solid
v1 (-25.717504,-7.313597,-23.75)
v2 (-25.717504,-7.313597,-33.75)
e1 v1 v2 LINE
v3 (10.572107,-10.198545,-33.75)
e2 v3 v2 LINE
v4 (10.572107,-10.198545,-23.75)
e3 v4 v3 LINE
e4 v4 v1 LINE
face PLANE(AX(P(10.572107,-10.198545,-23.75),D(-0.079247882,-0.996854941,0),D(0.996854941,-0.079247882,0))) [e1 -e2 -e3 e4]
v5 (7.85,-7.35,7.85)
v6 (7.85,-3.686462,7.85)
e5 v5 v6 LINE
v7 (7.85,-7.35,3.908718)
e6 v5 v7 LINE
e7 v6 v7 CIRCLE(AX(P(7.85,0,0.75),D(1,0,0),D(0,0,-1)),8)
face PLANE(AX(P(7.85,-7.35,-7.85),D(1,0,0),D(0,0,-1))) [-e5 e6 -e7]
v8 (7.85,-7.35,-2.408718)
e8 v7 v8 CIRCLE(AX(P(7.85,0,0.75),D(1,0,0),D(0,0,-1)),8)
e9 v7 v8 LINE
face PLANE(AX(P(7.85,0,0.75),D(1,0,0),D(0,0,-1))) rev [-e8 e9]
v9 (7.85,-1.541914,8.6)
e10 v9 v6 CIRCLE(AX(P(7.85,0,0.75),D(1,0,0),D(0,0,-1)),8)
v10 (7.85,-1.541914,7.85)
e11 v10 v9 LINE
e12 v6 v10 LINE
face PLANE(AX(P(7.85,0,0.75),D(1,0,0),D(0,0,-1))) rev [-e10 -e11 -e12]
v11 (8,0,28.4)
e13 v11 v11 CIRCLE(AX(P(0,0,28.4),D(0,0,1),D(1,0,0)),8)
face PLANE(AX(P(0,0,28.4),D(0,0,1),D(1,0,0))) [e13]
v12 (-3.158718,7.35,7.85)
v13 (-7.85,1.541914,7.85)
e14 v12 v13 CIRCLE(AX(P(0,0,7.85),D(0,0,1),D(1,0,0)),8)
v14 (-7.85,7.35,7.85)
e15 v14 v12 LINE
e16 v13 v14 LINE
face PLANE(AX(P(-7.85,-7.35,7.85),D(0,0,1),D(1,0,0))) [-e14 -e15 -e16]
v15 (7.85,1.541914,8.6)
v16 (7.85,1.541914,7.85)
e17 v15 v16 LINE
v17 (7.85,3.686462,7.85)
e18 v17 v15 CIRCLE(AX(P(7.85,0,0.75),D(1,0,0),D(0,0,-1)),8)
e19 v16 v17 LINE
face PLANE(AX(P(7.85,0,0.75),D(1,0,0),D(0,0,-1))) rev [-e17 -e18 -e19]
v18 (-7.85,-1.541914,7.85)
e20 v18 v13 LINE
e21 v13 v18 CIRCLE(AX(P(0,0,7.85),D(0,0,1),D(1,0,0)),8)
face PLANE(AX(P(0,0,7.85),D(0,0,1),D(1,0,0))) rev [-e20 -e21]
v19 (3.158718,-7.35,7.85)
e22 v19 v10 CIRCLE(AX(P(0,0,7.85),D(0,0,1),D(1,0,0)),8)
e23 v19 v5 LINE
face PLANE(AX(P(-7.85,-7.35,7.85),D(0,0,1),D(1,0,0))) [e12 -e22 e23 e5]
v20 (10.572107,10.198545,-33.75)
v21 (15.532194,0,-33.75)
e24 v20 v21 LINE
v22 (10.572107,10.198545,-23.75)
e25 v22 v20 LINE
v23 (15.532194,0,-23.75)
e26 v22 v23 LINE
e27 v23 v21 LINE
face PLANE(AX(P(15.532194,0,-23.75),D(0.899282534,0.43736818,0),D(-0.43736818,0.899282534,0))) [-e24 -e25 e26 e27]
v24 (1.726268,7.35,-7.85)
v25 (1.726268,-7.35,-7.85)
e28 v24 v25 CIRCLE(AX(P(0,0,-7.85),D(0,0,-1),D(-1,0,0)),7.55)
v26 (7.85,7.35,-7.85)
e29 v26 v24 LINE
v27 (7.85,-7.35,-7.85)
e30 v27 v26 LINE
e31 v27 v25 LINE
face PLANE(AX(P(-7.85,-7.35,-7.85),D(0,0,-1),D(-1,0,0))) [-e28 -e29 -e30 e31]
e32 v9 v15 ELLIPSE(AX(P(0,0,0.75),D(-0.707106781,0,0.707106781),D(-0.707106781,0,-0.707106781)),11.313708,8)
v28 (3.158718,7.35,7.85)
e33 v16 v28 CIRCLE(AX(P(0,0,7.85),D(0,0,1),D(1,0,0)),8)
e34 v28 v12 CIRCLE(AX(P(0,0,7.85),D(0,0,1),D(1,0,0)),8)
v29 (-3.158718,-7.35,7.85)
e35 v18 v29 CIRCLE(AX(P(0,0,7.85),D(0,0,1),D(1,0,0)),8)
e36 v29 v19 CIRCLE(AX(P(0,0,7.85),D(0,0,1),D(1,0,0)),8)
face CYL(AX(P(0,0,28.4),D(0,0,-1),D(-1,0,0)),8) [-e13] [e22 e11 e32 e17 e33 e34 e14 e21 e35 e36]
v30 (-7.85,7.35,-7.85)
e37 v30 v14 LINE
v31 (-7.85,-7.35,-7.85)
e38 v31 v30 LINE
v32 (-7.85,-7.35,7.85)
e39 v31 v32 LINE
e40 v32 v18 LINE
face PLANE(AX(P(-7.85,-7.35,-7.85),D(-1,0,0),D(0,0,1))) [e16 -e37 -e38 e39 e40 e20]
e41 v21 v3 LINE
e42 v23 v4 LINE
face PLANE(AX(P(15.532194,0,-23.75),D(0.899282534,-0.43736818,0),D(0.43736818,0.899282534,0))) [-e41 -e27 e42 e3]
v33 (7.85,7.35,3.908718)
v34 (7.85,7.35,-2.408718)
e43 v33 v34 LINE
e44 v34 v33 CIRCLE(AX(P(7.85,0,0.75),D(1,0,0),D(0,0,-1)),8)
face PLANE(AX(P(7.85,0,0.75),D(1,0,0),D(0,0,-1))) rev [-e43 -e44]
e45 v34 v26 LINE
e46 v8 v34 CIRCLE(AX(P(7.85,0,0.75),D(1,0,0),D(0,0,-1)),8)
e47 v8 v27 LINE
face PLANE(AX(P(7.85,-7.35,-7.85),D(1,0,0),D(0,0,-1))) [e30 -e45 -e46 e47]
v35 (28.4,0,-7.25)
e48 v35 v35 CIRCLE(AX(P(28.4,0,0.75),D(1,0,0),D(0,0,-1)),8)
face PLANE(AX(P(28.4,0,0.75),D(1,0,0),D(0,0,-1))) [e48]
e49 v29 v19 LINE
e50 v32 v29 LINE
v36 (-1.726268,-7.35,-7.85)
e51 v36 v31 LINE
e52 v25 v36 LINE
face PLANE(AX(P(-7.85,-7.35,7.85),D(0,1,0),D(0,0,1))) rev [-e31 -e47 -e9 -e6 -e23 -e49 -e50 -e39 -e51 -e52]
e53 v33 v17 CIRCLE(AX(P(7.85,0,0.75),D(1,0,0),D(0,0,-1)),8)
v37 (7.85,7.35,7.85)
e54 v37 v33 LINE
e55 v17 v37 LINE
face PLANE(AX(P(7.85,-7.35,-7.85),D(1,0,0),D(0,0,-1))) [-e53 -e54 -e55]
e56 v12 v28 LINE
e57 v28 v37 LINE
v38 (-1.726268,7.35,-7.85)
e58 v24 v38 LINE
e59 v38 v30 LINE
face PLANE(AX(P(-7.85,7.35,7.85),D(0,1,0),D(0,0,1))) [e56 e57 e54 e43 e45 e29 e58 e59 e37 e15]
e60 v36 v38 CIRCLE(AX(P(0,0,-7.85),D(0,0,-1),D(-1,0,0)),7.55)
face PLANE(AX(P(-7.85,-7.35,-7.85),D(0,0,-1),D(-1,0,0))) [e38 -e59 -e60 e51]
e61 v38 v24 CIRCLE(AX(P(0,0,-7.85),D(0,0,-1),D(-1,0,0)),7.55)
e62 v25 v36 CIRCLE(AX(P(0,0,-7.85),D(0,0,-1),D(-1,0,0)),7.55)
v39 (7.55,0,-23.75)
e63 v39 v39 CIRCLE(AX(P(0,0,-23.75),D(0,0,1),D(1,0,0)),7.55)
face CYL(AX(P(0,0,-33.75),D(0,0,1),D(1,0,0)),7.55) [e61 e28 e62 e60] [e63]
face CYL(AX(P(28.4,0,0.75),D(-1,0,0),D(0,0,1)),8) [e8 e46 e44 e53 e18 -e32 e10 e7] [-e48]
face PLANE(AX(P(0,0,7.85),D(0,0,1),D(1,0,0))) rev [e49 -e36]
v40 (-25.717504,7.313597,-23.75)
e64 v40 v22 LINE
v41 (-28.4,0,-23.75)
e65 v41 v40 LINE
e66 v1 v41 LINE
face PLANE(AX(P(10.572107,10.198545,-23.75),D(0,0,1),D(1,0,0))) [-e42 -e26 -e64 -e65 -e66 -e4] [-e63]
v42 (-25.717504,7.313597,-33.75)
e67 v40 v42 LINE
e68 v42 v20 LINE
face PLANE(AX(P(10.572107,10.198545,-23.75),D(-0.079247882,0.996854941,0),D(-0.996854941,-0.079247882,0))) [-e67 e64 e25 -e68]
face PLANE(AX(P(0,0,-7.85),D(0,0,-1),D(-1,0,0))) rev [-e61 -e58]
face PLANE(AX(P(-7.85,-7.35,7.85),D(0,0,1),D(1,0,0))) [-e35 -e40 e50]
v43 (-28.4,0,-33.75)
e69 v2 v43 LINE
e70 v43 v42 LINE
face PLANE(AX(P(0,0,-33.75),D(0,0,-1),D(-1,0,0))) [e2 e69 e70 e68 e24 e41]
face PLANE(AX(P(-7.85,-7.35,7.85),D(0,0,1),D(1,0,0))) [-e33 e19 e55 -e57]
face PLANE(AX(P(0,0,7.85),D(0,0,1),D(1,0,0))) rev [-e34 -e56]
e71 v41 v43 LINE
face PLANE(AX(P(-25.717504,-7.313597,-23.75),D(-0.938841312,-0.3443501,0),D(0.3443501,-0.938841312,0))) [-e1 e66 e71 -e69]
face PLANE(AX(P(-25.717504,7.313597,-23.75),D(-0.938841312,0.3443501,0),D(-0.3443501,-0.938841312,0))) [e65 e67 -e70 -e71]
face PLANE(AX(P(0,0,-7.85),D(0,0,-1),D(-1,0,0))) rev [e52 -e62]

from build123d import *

# Parameters (mm, degrees)
BOSS_EXTRUDE2_DEPTH      = 7.35
BOSS_EXTRUDE2_DEPTH_BACK = 7.35
SKETCH2_W                = 15.7
SKETCH2_H                = 15.7
SKETCH3_R                = 8
BOSS_EXTRUDE3_DEPTH      = 20.55
SKETCH4_R                = 7.55
BOSS_EXTRUDE4_DEPTH      = 25.9
BOSS_EXTRUDE5_DEPTH      = 10
SKETCH6_R                = 8
BOSS_EXTRUDE6_DEPTH      = 20.55


with BuildPart() as part:
    # Sketch2 → Boss-Extrude2 (new, two sides: drawn at the far end of the back side and taken through both)
    with BuildSketch(Plane(origin=(0, 0, 0), x_dir=(1, 0, 0), z_dir=(0, 1, 0)).offset(-BOSS_EXTRUDE2_DEPTH_BACK)):
        Rectangle(SKETCH2_W, SKETCH2_H)
    extrude(amount=BOSS_EXTRUDE2_DEPTH + BOSS_EXTRUDE2_DEPTH_BACK)

    # Sketch3 → Boss-Extrude3 (add)
    with BuildSketch(Plane(origin=(7.85, 0, 0), x_dir=(0, 0, -1), z_dir=(1, 0, 0))):
        with Locations((-0.75, 0)):
            Circle(SKETCH3_R)
    extrude(amount=BOSS_EXTRUDE3_DEPTH)

    # Sketch4 → Boss-Extrude4 (add)
    with BuildSketch(Plane(origin=(0, 0, -7.85), x_dir=(-1, 0, 0), z_dir=(0, 0, -1))):
        Circle(SKETCH4_R)
    extrude(amount=BOSS_EXTRUDE4_DEPTH)

    # Sketch5 → Boss-Extrude5 (add)
    with BuildSketch(Plane(origin=(0, 0, -33.75), x_dir=(-1, 0, 0), z_dir=(0, 0, -1))):
        Polygon((-15.532193585, 0), (-10.572107213, -10.198544939), (25.717504309, -7.313596743), (28.4, 0), (25.717504309, 7.313596743), (-10.572107213, 10.198544939), align=None)
    extrude(amount=-BOSS_EXTRUDE5_DEPTH)

    # Sketch6 → Boss-Extrude6 (add)
    with BuildSketch(Plane.XY.offset(7.85)):
        Circle(SKETCH6_R)
    extrude(amount=BOSS_EXTRUDE6_DEPTH)


solid = part.part
